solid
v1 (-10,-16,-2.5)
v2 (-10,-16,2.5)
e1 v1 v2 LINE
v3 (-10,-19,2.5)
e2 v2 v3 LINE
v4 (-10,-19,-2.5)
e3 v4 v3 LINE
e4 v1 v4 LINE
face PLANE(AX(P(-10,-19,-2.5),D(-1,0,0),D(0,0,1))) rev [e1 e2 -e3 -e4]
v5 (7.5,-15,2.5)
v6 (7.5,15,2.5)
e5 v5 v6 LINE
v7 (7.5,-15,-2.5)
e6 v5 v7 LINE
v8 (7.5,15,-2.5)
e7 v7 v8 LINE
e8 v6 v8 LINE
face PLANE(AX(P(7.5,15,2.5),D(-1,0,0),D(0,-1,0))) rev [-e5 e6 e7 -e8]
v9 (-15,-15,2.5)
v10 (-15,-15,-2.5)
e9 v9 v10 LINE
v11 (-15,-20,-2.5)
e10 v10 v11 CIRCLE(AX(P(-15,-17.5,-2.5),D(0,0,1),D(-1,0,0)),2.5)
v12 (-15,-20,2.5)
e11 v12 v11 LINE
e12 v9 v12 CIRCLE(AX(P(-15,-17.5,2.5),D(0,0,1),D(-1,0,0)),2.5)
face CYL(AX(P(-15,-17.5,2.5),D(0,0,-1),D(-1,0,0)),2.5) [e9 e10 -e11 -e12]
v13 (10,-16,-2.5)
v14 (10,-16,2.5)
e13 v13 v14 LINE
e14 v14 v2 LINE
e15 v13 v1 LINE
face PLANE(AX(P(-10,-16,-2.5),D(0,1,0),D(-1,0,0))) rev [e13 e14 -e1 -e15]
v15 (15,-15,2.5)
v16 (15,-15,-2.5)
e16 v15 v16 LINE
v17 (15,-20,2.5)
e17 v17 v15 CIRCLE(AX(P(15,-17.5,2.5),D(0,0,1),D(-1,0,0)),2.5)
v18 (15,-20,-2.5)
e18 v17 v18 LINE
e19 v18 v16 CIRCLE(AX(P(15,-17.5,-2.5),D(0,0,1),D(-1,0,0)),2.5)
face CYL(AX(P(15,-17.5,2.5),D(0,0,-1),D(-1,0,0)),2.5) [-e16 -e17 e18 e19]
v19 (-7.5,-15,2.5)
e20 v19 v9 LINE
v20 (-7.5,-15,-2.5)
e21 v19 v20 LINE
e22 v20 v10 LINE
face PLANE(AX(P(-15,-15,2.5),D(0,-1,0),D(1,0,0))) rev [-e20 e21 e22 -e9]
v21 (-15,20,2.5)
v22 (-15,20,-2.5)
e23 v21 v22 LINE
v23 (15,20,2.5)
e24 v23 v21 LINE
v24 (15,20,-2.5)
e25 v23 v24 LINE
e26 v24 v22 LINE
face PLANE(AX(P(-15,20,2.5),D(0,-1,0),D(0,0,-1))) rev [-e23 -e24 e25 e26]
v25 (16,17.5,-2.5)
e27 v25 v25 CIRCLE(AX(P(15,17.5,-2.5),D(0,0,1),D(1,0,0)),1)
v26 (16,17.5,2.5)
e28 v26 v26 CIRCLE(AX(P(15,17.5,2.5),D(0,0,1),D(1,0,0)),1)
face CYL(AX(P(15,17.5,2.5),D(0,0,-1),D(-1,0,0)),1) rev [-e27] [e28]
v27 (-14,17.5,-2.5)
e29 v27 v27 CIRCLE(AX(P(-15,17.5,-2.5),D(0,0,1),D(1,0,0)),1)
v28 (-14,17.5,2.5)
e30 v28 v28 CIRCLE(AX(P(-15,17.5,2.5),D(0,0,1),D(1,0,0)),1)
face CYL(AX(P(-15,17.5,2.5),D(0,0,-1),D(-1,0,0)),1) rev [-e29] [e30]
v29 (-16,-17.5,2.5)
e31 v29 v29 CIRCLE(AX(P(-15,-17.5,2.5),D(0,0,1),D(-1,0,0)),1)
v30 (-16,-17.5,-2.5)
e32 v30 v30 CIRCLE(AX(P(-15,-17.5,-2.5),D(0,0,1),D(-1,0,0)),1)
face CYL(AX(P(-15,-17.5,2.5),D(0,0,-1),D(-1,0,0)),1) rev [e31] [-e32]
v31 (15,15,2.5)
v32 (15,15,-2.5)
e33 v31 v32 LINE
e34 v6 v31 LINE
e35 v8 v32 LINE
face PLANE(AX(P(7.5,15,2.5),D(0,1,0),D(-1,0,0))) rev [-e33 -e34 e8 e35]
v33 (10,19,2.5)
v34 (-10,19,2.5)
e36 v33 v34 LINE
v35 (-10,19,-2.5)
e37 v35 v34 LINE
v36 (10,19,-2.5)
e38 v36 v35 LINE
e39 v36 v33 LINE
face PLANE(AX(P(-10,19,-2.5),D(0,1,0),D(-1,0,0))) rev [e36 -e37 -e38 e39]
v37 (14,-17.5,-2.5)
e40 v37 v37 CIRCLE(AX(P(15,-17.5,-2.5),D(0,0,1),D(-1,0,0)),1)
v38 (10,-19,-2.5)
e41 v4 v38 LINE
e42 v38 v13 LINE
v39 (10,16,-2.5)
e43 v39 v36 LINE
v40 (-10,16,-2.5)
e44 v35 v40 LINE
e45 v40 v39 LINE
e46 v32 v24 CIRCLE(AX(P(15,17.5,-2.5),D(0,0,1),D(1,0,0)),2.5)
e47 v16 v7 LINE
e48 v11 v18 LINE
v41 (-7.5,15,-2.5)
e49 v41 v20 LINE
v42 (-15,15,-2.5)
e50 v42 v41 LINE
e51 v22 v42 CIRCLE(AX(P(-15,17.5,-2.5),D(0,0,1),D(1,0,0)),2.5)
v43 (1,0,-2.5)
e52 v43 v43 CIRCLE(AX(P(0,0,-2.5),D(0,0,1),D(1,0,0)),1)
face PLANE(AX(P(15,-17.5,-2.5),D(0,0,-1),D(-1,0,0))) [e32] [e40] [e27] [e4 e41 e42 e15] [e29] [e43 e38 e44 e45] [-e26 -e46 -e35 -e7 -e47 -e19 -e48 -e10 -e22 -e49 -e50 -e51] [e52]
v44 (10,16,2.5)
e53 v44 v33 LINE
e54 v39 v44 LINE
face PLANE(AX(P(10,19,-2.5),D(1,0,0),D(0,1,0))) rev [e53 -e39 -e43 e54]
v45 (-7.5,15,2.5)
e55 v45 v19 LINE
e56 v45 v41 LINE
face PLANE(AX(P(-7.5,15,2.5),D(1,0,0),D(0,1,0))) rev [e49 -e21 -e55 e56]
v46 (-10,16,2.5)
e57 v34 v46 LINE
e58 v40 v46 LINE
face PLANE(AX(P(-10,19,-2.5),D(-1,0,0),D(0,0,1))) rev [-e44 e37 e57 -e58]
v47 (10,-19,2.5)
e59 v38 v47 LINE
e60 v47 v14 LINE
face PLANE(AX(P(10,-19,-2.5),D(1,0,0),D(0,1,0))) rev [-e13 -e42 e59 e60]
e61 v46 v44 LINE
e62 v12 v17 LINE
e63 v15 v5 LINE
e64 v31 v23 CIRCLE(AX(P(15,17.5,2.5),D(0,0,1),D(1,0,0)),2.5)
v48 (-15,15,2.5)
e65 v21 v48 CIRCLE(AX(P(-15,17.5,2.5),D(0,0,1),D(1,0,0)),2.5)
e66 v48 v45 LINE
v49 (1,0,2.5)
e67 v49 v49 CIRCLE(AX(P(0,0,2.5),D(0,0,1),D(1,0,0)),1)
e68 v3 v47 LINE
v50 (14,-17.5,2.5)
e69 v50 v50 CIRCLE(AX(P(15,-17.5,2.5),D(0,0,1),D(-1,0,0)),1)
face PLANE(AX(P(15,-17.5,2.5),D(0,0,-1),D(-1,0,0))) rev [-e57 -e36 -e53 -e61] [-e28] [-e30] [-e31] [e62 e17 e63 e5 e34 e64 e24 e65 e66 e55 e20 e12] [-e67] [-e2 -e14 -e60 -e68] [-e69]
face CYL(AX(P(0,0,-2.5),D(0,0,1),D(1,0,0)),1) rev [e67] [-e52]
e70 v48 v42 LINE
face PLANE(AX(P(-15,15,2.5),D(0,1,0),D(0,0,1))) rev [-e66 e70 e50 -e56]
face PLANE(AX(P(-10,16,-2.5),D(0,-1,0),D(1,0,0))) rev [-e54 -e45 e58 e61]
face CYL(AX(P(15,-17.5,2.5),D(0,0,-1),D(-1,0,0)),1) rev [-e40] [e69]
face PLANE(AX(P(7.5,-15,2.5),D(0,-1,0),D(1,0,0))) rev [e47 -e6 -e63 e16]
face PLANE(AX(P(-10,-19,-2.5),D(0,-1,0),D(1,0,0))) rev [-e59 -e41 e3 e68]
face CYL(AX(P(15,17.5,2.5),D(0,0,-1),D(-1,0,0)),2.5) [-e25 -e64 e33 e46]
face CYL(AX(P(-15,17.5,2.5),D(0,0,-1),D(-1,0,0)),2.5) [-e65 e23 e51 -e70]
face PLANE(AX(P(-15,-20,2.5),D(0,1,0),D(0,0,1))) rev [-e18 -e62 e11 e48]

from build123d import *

# Parameters (mm, degrees)
SKETCH1_R           = 1
BOSS_EXTRUDE2_DEPTH = 2.5
SKETCH2_R           = 1
SKETCH2_W           = 20
SKETCH2_H           = 3
CUT_EXTRUDE1_DEPTH  = 28.041634566


with BuildPart() as part:
    # Sketch1 → Boss-Extrude2 (new, symmetric)
    with BuildSketch(Plane.XY):
        with BuildLine():
            Line((7.5, 15), (15, 15))
            ThreePointArc((15, 15), (17.5, 17.5), (15, 20))
            Line((15, 20), (-15, 20))
            ThreePointArc((-15, 20), (-17.5, 17.5), (-15, 15))
            Line((-15, 15), (-7.5, 15))
            Line((-7.5, 15), (-7.5, -15))
            Line((-7.5, -15), (-15, -15))
            ThreePointArc((-15, -15), (-17.5, -17.5), (-15, -20))
            Line((-15, -20), (15, -20))
            ThreePointArc((15, -20), (17.5, -17.5), (15, -15))
            Line((15, -15), (7.5, -15))
            Line((7.5, -15), (7.5, 15))
        make_face()
        with Locations((-15, 17.5)):
            Circle(SKETCH1_R, mode=Mode.SUBTRACT)
        with Locations((15, 17.5)):
            Circle(SKETCH1_R, mode=Mode.SUBTRACT)
        with Locations(Location((15, -17.5, 0), (0, 0, 180))):
            Circle(SKETCH1_R, mode=Mode.SUBTRACT)
        with Locations(Location((-15, -17.5, 0), (0, 0, 180))):
            Circle(SKETCH1_R, mode=Mode.SUBTRACT)
    extrude(amount=BOSS_EXTRUDE2_DEPTH, both=True)

    # Sketch2 → Cut-Extrude1 (cut, through all)
    with BuildSketch(Plane.XY.offset(2.5)):
        Circle(SKETCH2_R)
        with Locations((0, 17.5)):
            Rectangle(SKETCH2_W, SKETCH2_H)
        with Locations((0, -17.5)):
            Rectangle(SKETCH2_W, SKETCH2_H)
    extrude(amount=-CUT_EXTRUDE1_DEPTH, mode=Mode.SUBTRACT)


solid = part.part
